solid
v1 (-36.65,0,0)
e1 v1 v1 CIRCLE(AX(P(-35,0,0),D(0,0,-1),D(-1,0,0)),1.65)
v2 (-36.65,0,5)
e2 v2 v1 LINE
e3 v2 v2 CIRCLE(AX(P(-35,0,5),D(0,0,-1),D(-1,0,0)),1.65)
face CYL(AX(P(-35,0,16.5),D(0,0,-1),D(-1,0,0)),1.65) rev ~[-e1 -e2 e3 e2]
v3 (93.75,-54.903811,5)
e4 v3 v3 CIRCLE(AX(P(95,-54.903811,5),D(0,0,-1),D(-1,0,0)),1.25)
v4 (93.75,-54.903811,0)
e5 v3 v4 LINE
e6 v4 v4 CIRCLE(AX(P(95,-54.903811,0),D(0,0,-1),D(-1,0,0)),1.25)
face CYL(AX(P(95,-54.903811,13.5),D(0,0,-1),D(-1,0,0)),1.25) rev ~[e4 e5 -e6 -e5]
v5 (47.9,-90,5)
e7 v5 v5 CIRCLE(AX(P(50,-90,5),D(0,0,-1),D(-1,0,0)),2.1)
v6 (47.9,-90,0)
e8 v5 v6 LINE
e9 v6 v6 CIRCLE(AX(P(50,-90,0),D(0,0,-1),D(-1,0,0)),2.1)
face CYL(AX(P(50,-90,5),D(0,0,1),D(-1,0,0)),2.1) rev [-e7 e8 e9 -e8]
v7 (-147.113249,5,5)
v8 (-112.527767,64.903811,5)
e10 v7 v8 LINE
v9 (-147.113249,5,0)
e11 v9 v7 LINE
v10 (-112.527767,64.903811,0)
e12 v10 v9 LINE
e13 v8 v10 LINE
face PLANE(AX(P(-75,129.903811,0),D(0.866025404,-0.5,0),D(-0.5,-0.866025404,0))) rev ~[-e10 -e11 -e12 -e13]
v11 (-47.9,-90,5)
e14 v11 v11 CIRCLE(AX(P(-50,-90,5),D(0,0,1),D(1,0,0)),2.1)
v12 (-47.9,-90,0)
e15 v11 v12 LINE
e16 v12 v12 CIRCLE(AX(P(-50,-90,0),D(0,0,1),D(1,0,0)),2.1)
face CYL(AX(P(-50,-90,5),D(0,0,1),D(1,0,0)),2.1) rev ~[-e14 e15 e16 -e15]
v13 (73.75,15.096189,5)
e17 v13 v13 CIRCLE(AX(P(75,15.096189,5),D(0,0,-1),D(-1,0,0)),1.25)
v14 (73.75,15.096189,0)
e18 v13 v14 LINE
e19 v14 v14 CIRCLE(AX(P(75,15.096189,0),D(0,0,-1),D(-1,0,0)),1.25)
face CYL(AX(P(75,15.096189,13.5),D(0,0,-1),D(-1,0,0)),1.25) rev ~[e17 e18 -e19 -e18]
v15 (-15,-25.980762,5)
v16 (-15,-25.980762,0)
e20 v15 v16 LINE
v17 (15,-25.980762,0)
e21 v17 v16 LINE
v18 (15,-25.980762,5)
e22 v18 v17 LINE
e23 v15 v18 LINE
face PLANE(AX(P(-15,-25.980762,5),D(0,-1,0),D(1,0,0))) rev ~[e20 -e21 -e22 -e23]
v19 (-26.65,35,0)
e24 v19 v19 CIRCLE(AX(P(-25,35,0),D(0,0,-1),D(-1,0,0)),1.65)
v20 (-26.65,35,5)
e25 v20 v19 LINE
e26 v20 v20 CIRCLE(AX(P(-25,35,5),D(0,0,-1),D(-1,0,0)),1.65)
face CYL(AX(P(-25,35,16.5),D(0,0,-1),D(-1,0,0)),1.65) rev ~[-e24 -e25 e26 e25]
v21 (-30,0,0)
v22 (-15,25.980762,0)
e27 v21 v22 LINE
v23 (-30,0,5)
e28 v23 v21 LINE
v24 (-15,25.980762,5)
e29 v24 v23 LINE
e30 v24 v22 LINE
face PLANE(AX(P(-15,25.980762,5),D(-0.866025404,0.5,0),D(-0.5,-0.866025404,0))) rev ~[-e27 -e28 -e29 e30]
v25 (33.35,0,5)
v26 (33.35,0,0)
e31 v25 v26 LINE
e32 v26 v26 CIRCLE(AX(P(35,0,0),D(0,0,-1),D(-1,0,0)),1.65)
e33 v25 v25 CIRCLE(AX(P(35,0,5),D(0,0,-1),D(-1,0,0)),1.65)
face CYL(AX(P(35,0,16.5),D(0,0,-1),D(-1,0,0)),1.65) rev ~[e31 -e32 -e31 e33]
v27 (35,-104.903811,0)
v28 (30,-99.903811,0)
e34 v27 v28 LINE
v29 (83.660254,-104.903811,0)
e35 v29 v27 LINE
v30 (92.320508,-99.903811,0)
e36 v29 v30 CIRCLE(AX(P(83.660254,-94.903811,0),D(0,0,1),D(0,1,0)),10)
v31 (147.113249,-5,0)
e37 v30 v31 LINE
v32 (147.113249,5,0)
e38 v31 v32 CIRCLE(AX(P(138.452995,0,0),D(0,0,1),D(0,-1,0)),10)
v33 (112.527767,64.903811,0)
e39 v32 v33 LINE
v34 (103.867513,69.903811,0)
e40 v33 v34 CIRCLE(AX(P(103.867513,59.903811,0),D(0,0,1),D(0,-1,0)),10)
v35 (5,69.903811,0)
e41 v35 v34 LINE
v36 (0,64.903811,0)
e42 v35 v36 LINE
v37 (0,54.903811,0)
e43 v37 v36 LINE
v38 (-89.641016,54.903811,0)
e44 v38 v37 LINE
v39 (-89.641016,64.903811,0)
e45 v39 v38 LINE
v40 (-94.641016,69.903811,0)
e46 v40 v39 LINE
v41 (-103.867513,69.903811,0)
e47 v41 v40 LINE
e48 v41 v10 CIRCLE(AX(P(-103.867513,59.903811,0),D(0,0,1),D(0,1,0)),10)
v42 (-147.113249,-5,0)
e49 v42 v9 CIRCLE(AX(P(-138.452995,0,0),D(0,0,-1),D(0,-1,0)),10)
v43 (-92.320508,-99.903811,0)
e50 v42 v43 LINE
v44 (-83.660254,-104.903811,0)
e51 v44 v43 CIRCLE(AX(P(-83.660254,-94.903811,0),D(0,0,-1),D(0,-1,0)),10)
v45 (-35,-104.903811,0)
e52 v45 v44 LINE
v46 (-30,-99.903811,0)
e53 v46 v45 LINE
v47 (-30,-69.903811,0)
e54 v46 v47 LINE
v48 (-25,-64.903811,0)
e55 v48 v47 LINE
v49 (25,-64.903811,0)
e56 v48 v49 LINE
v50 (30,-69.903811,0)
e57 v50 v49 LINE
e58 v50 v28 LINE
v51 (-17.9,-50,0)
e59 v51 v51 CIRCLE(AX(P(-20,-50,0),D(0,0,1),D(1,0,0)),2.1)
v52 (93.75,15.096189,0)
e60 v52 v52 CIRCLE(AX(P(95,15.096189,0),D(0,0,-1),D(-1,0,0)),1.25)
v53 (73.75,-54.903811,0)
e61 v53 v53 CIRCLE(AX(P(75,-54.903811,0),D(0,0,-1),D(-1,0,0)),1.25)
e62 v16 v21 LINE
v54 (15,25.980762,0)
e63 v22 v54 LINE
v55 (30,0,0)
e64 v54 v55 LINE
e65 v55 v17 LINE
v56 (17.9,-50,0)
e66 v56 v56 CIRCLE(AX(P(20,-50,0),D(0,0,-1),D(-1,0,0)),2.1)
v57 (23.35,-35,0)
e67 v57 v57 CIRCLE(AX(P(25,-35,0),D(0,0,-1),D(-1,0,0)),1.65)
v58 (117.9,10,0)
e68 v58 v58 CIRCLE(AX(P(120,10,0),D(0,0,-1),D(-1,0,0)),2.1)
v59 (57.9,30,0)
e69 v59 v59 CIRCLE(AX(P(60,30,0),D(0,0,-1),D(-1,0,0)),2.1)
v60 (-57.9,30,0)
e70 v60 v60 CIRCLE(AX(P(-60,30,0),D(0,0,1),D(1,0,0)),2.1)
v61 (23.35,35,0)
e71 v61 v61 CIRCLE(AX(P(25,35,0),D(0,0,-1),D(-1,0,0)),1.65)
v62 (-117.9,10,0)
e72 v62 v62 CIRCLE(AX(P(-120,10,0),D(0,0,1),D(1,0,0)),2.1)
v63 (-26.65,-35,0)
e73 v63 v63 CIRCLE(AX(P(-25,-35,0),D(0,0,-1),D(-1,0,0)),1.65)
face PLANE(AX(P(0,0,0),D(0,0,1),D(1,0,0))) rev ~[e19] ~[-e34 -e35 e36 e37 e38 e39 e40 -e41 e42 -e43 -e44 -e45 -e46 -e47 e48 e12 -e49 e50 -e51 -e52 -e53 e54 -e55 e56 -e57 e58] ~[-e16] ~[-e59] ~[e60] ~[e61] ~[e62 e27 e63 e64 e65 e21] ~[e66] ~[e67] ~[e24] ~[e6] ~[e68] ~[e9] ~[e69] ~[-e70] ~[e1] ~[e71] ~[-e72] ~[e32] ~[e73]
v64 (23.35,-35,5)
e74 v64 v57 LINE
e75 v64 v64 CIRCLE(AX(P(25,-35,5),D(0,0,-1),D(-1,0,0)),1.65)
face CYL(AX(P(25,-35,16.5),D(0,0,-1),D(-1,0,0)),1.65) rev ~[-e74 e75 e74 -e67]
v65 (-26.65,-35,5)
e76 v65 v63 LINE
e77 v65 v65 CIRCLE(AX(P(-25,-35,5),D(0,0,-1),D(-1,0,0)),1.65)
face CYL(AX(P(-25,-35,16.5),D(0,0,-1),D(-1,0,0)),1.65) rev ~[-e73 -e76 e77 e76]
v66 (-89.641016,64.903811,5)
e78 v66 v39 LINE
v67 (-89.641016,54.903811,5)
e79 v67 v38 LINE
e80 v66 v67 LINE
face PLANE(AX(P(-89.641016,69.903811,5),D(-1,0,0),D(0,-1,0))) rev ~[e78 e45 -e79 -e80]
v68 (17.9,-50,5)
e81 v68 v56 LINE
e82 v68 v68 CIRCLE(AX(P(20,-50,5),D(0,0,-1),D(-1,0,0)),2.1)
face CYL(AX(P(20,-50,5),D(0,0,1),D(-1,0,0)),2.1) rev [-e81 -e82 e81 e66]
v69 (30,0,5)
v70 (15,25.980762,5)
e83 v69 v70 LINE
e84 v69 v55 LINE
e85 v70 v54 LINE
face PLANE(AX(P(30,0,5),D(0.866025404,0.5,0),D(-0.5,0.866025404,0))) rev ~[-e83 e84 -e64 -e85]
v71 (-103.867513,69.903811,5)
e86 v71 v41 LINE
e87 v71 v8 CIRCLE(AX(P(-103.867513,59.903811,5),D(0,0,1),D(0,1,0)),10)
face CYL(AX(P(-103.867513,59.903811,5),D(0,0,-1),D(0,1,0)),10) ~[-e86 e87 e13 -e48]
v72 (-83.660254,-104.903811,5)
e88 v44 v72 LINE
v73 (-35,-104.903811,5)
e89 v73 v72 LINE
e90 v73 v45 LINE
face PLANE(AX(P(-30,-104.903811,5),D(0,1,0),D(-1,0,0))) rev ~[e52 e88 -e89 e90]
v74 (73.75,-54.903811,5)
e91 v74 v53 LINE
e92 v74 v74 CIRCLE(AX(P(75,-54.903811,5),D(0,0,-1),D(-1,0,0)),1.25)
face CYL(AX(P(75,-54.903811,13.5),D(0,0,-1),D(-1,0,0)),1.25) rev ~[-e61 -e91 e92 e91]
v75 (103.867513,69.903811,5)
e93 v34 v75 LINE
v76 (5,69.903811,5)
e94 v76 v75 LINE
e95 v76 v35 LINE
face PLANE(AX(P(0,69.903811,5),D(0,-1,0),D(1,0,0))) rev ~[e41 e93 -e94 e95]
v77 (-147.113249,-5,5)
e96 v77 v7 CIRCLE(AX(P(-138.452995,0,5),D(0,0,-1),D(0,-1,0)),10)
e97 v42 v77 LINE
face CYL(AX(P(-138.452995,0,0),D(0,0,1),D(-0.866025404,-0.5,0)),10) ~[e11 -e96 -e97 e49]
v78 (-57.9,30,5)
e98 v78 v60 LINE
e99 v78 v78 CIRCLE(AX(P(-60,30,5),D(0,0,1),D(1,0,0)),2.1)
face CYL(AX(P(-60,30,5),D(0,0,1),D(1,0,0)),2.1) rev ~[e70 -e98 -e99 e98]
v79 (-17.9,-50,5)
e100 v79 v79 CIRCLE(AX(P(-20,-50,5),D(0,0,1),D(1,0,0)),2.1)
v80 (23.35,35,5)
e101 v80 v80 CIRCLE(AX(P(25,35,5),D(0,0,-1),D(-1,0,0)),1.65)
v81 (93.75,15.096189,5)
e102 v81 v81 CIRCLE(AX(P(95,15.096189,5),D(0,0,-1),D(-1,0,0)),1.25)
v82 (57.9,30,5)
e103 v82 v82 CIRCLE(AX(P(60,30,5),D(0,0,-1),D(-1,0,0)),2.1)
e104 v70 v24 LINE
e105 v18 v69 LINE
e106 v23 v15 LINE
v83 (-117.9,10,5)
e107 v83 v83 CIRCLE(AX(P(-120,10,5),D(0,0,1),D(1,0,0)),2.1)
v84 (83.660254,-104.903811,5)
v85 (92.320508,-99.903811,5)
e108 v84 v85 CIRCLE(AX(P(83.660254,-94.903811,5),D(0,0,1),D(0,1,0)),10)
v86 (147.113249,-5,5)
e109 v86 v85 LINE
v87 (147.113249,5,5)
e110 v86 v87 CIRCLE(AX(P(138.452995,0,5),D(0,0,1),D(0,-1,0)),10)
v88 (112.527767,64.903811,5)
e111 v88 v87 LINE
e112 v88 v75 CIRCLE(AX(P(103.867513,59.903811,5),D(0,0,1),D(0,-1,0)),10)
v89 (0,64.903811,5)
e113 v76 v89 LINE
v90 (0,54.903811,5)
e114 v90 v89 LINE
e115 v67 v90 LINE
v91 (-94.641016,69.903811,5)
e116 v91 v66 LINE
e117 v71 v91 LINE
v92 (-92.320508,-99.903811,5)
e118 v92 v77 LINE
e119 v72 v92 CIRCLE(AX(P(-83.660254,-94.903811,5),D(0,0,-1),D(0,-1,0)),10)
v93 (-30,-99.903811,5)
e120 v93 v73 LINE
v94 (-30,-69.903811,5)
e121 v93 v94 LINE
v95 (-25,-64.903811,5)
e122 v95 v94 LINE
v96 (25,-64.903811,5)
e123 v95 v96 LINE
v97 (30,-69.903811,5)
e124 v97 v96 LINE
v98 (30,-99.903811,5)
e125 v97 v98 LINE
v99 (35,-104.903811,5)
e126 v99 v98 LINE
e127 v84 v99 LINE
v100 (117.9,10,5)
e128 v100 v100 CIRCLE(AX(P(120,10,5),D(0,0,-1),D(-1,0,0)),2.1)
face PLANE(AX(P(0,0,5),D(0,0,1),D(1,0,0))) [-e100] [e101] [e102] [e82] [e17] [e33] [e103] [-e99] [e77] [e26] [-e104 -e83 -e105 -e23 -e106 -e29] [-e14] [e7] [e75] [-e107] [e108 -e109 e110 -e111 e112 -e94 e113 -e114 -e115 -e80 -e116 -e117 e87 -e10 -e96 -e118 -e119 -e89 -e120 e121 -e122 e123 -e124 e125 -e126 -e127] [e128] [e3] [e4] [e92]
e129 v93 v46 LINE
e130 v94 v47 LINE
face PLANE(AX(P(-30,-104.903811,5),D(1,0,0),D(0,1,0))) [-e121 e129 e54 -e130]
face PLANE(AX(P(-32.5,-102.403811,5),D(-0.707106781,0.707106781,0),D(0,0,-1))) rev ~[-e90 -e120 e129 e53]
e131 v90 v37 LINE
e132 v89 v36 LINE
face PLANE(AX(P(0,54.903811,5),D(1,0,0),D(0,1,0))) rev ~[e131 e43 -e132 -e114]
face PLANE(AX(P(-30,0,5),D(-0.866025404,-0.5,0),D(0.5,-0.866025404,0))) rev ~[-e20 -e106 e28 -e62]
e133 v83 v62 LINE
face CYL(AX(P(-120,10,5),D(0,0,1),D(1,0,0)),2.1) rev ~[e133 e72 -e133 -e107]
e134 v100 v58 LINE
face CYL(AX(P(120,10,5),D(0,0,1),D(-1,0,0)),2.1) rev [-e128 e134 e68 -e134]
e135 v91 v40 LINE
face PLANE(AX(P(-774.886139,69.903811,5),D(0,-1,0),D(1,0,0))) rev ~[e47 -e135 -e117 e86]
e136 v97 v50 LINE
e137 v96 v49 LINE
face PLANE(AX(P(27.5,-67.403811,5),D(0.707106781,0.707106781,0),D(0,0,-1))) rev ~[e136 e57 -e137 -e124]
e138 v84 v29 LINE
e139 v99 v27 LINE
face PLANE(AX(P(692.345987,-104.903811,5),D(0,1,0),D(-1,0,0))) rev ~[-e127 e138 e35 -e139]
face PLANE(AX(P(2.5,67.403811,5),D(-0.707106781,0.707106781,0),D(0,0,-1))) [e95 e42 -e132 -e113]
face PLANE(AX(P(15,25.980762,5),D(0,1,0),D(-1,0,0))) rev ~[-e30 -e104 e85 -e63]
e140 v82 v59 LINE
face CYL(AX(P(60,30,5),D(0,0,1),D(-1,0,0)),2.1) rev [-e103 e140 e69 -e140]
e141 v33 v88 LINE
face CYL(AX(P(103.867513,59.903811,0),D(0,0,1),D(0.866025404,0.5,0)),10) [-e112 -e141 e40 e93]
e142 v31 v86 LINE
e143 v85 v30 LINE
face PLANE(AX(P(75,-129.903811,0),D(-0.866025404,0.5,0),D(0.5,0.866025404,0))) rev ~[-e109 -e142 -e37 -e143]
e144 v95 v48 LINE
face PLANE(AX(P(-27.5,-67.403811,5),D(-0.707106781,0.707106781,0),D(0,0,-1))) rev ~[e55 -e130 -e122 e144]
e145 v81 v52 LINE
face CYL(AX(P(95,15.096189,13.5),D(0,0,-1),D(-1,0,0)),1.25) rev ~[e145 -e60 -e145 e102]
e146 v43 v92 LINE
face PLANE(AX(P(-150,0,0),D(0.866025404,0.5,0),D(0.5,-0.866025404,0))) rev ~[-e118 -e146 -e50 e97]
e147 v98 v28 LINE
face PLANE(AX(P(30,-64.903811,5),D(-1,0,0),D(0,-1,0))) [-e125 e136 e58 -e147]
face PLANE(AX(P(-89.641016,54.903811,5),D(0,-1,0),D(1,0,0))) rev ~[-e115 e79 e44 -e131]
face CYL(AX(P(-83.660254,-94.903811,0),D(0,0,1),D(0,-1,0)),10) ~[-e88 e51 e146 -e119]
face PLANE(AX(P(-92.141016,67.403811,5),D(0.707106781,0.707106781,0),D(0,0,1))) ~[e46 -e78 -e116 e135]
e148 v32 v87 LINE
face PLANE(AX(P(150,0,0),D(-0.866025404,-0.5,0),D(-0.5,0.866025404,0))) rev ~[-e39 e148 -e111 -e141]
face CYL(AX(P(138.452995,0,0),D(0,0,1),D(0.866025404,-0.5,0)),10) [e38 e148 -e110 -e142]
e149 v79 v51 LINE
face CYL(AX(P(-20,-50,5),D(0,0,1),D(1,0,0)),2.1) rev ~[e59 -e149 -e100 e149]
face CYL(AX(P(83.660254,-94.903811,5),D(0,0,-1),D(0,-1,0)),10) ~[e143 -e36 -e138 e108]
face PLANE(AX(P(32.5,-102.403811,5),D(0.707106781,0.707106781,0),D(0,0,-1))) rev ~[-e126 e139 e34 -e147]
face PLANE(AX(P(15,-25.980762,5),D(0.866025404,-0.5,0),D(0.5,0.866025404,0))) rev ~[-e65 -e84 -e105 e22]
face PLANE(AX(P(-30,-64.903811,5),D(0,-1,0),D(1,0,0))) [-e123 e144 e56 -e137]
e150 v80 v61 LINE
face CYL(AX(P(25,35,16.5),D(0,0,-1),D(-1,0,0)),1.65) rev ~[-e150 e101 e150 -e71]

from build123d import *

# Parameters (mm, degrees)
EXTRUDE_1_DEPTH          = 5
CUT_EXTRUDE_2_DEPTH      = 1
CUT_EXTRUDE_2_DEPTH_BACK = 6
CUT_EXTRUDE_3_REACH      = 7
CHAMFER_1_SIZE           = 5
CUT_EXTRUDE_6_DEPTH      = 1
CUT_EXTRUDE_6_DEPTH_BACK = 6
CHAMFER_2_SIZE           = 5
SKETCH_6_R               = 2.1
CUT_EXTRUDE_7_DEPTH      = 5
FILLET_1_R               = 10
M3X0_5_1_D               = 2.5
M3X0_5_1_DEPTH           = 8.5
M3X0_5_1_TIP             = 0.751075774
M4X0_7_2_D               = 3.3
M4X0_7_2_DEPTH           = 11.5
M4X0_7_2_TIP             = 0.991420021


with BuildPart() as part:
    # 草圖1 → 填料-伸長1 (new body)
    with BuildSketch(Plane.XY):
        Polygon((150, 0), (75, 129.903810568), (-75, 129.903810568), (-150, 0), (-75, -129.903810568), (75, -129.903810568), align=None)
    extrude(amount=EXTRUDE_1_DEPTH)

    # 草圖3 → 除料-伸長2 (cut, two sides)
    with BuildSketch(Plane.XY.offset(5)) as cut_extrude_2_sk:
        Polygon((-774.886138932, 69.903810568), (-109.641016151, 69.903810568), (-89.641016151, 69.903810568), (-89.641016151, 54.903810568), (0, 54.903810568), (0, 69.903810568), (109.641016151, 69.903810568), (774.886138932, 69.903810568), (774.886138932, 1400.394056128), (-774.886138932, 1400.394056128), align=None)
    extrude(amount=CUT_EXTRUDE_2_DEPTH, mode=Mode.SUBTRACT)
    extrude(cut_extrude_2_sk.sketch, amount=-CUT_EXTRUDE_2_DEPTH_BACK, mode=Mode.SUBTRACT)

    # 草圖4 → 除料-伸長3 (cut, up to next)
    with BuildSketch(Plane.XY.offset(5), mode=Mode.PRIVATE) as cut_extrude_3_sk1:
        Polygon((30, 0), (15, 25.980762114), (-15, 25.980762114), (-30, 0), (-15, -25.980762114), (15, -25.980762114), align=None)
    cut_extrude_3_tool1 = extrude(cut_extrude_3_sk1.sketch, amount=-CUT_EXTRUDE_3_REACH, mode=Mode.PRIVATE) & part.part
    add(cut_extrude_3_tool1.solids().sort_by_distance((0, 0, 5))[0], mode=Mode.SUBTRACT)

    # 導角1
    chamfer_1_edges = [part.edges().sort_by_distance(p)[0] for p in [
        (-89.641016151, 69.903810568, 2.5),
        (0, 69.903810568, 2.5),
    ]]
    chamfer(chamfer_1_edges, length=CHAMFER_1_SIZE)

    # 草圖5 → 除料-伸長6 (cut, two sides)
    with BuildSketch(Plane.XY.offset(5)) as cut_extrude_6_sk:
        Polygon((-692.345987228, -104.903810568), (-89.43375673, -104.903810568), (-30, -104.903810568), (-30, -64.903810568), (30, -64.903810568), (30, -104.903810568), (89.43375673, -104.903810568), (692.345987228, -104.903810568), (692.345987228, -1310.728271565), (-692.345987228, -1310.728271565), align=None)
    extrude(amount=CUT_EXTRUDE_6_DEPTH, mode=Mode.SUBTRACT)
    extrude(cut_extrude_6_sk.sketch, amount=-CUT_EXTRUDE_6_DEPTH_BACK, mode=Mode.SUBTRACT)

    # 導角2
    chamfer_2_edges = [part.edges().sort_by_distance(p)[0] for p in [
        (30, -104.903810568, 2.5),
        (-30, -104.903810568, 2.5),
        (-30, -64.903810568, 2.5),
        (30, -64.903810568, 2.5),
    ]]
    chamfer(chamfer_2_edges, length=CHAMFER_2_SIZE)

    # 草圖6 → 除料-伸長7 (cut)
    with BuildSketch(Plane.XY.offset(5)):
        with Locations((-50, -90)):
            Circle(SKETCH_6_R)
        with Locations((-120, 10)):
            Circle(SKETCH_6_R)
        with Locations((-60, 30)):
            Circle(SKETCH_6_R)
        with Locations((-20, -50)):
            Circle(SKETCH_6_R)
    cut_extrude_7 = extrude(amount=-CUT_EXTRUDE_7_DEPTH, mode=Mode.SUBTRACT)

    # 鏡射1: 除料-伸長7 across plane
    add(cut_extrude_7.mirror(Plane(origin=(0, 0, 0), x_dir=(0, 0, 1), z_dir=(1, 0, 0))), mode=Mode.SUBTRACT)

    # 圓角1
    fillet_1_edges = [part.edges().sort_by_distance(p)[0] for p in [
        (-150, 0, 2.5),
        (150, 0, 2.5),
        (109.641016151, 69.903810568, 2.5),
        (-109.641016151, 69.903810568, 2.5),
        (-89.43375673, -104.903810568, 2.5),
        (89.43375673, -104.903810568, 2.5),
    ]]
    fillet(fillet_1_edges, radius=FILLET_1_R)

    # M3x0.5 螺紋孔1
    with Locations(Plane.XY.offset(5)):
        with Locations((95, 15.096189432), (75, -54.903810568), (75, 15.096189432), (95, -54.903810568)):
            Hole(M3X0_5_1_D / 2, depth=M3X0_5_1_DEPTH)
            with Locations((0, 0, -(M3X0_5_1_DEPTH + M3X0_5_1_TIP / 2))):  # 118° drill point
                Cone(0, M3X0_5_1_D / 2, M3X0_5_1_TIP, mode=Mode.SUBTRACT)

    # M4x0.7 螺紋孔2
    with Locations(Plane.XY.offset(5)):
        with Locations((25, 35), (-25, -35), (-25, 35), (25, -35), (-35, 0), (35, 0)):
            Hole(M4X0_7_2_D / 2, depth=M4X0_7_2_DEPTH)
            with Locations((0, 0, -(M4X0_7_2_DEPTH + M4X0_7_2_TIP / 2))):  # 118° drill point
                Cone(0, M4X0_7_2_D / 2, M4X0_7_2_TIP, mode=Mode.SUBTRACT)


solid = part.part
